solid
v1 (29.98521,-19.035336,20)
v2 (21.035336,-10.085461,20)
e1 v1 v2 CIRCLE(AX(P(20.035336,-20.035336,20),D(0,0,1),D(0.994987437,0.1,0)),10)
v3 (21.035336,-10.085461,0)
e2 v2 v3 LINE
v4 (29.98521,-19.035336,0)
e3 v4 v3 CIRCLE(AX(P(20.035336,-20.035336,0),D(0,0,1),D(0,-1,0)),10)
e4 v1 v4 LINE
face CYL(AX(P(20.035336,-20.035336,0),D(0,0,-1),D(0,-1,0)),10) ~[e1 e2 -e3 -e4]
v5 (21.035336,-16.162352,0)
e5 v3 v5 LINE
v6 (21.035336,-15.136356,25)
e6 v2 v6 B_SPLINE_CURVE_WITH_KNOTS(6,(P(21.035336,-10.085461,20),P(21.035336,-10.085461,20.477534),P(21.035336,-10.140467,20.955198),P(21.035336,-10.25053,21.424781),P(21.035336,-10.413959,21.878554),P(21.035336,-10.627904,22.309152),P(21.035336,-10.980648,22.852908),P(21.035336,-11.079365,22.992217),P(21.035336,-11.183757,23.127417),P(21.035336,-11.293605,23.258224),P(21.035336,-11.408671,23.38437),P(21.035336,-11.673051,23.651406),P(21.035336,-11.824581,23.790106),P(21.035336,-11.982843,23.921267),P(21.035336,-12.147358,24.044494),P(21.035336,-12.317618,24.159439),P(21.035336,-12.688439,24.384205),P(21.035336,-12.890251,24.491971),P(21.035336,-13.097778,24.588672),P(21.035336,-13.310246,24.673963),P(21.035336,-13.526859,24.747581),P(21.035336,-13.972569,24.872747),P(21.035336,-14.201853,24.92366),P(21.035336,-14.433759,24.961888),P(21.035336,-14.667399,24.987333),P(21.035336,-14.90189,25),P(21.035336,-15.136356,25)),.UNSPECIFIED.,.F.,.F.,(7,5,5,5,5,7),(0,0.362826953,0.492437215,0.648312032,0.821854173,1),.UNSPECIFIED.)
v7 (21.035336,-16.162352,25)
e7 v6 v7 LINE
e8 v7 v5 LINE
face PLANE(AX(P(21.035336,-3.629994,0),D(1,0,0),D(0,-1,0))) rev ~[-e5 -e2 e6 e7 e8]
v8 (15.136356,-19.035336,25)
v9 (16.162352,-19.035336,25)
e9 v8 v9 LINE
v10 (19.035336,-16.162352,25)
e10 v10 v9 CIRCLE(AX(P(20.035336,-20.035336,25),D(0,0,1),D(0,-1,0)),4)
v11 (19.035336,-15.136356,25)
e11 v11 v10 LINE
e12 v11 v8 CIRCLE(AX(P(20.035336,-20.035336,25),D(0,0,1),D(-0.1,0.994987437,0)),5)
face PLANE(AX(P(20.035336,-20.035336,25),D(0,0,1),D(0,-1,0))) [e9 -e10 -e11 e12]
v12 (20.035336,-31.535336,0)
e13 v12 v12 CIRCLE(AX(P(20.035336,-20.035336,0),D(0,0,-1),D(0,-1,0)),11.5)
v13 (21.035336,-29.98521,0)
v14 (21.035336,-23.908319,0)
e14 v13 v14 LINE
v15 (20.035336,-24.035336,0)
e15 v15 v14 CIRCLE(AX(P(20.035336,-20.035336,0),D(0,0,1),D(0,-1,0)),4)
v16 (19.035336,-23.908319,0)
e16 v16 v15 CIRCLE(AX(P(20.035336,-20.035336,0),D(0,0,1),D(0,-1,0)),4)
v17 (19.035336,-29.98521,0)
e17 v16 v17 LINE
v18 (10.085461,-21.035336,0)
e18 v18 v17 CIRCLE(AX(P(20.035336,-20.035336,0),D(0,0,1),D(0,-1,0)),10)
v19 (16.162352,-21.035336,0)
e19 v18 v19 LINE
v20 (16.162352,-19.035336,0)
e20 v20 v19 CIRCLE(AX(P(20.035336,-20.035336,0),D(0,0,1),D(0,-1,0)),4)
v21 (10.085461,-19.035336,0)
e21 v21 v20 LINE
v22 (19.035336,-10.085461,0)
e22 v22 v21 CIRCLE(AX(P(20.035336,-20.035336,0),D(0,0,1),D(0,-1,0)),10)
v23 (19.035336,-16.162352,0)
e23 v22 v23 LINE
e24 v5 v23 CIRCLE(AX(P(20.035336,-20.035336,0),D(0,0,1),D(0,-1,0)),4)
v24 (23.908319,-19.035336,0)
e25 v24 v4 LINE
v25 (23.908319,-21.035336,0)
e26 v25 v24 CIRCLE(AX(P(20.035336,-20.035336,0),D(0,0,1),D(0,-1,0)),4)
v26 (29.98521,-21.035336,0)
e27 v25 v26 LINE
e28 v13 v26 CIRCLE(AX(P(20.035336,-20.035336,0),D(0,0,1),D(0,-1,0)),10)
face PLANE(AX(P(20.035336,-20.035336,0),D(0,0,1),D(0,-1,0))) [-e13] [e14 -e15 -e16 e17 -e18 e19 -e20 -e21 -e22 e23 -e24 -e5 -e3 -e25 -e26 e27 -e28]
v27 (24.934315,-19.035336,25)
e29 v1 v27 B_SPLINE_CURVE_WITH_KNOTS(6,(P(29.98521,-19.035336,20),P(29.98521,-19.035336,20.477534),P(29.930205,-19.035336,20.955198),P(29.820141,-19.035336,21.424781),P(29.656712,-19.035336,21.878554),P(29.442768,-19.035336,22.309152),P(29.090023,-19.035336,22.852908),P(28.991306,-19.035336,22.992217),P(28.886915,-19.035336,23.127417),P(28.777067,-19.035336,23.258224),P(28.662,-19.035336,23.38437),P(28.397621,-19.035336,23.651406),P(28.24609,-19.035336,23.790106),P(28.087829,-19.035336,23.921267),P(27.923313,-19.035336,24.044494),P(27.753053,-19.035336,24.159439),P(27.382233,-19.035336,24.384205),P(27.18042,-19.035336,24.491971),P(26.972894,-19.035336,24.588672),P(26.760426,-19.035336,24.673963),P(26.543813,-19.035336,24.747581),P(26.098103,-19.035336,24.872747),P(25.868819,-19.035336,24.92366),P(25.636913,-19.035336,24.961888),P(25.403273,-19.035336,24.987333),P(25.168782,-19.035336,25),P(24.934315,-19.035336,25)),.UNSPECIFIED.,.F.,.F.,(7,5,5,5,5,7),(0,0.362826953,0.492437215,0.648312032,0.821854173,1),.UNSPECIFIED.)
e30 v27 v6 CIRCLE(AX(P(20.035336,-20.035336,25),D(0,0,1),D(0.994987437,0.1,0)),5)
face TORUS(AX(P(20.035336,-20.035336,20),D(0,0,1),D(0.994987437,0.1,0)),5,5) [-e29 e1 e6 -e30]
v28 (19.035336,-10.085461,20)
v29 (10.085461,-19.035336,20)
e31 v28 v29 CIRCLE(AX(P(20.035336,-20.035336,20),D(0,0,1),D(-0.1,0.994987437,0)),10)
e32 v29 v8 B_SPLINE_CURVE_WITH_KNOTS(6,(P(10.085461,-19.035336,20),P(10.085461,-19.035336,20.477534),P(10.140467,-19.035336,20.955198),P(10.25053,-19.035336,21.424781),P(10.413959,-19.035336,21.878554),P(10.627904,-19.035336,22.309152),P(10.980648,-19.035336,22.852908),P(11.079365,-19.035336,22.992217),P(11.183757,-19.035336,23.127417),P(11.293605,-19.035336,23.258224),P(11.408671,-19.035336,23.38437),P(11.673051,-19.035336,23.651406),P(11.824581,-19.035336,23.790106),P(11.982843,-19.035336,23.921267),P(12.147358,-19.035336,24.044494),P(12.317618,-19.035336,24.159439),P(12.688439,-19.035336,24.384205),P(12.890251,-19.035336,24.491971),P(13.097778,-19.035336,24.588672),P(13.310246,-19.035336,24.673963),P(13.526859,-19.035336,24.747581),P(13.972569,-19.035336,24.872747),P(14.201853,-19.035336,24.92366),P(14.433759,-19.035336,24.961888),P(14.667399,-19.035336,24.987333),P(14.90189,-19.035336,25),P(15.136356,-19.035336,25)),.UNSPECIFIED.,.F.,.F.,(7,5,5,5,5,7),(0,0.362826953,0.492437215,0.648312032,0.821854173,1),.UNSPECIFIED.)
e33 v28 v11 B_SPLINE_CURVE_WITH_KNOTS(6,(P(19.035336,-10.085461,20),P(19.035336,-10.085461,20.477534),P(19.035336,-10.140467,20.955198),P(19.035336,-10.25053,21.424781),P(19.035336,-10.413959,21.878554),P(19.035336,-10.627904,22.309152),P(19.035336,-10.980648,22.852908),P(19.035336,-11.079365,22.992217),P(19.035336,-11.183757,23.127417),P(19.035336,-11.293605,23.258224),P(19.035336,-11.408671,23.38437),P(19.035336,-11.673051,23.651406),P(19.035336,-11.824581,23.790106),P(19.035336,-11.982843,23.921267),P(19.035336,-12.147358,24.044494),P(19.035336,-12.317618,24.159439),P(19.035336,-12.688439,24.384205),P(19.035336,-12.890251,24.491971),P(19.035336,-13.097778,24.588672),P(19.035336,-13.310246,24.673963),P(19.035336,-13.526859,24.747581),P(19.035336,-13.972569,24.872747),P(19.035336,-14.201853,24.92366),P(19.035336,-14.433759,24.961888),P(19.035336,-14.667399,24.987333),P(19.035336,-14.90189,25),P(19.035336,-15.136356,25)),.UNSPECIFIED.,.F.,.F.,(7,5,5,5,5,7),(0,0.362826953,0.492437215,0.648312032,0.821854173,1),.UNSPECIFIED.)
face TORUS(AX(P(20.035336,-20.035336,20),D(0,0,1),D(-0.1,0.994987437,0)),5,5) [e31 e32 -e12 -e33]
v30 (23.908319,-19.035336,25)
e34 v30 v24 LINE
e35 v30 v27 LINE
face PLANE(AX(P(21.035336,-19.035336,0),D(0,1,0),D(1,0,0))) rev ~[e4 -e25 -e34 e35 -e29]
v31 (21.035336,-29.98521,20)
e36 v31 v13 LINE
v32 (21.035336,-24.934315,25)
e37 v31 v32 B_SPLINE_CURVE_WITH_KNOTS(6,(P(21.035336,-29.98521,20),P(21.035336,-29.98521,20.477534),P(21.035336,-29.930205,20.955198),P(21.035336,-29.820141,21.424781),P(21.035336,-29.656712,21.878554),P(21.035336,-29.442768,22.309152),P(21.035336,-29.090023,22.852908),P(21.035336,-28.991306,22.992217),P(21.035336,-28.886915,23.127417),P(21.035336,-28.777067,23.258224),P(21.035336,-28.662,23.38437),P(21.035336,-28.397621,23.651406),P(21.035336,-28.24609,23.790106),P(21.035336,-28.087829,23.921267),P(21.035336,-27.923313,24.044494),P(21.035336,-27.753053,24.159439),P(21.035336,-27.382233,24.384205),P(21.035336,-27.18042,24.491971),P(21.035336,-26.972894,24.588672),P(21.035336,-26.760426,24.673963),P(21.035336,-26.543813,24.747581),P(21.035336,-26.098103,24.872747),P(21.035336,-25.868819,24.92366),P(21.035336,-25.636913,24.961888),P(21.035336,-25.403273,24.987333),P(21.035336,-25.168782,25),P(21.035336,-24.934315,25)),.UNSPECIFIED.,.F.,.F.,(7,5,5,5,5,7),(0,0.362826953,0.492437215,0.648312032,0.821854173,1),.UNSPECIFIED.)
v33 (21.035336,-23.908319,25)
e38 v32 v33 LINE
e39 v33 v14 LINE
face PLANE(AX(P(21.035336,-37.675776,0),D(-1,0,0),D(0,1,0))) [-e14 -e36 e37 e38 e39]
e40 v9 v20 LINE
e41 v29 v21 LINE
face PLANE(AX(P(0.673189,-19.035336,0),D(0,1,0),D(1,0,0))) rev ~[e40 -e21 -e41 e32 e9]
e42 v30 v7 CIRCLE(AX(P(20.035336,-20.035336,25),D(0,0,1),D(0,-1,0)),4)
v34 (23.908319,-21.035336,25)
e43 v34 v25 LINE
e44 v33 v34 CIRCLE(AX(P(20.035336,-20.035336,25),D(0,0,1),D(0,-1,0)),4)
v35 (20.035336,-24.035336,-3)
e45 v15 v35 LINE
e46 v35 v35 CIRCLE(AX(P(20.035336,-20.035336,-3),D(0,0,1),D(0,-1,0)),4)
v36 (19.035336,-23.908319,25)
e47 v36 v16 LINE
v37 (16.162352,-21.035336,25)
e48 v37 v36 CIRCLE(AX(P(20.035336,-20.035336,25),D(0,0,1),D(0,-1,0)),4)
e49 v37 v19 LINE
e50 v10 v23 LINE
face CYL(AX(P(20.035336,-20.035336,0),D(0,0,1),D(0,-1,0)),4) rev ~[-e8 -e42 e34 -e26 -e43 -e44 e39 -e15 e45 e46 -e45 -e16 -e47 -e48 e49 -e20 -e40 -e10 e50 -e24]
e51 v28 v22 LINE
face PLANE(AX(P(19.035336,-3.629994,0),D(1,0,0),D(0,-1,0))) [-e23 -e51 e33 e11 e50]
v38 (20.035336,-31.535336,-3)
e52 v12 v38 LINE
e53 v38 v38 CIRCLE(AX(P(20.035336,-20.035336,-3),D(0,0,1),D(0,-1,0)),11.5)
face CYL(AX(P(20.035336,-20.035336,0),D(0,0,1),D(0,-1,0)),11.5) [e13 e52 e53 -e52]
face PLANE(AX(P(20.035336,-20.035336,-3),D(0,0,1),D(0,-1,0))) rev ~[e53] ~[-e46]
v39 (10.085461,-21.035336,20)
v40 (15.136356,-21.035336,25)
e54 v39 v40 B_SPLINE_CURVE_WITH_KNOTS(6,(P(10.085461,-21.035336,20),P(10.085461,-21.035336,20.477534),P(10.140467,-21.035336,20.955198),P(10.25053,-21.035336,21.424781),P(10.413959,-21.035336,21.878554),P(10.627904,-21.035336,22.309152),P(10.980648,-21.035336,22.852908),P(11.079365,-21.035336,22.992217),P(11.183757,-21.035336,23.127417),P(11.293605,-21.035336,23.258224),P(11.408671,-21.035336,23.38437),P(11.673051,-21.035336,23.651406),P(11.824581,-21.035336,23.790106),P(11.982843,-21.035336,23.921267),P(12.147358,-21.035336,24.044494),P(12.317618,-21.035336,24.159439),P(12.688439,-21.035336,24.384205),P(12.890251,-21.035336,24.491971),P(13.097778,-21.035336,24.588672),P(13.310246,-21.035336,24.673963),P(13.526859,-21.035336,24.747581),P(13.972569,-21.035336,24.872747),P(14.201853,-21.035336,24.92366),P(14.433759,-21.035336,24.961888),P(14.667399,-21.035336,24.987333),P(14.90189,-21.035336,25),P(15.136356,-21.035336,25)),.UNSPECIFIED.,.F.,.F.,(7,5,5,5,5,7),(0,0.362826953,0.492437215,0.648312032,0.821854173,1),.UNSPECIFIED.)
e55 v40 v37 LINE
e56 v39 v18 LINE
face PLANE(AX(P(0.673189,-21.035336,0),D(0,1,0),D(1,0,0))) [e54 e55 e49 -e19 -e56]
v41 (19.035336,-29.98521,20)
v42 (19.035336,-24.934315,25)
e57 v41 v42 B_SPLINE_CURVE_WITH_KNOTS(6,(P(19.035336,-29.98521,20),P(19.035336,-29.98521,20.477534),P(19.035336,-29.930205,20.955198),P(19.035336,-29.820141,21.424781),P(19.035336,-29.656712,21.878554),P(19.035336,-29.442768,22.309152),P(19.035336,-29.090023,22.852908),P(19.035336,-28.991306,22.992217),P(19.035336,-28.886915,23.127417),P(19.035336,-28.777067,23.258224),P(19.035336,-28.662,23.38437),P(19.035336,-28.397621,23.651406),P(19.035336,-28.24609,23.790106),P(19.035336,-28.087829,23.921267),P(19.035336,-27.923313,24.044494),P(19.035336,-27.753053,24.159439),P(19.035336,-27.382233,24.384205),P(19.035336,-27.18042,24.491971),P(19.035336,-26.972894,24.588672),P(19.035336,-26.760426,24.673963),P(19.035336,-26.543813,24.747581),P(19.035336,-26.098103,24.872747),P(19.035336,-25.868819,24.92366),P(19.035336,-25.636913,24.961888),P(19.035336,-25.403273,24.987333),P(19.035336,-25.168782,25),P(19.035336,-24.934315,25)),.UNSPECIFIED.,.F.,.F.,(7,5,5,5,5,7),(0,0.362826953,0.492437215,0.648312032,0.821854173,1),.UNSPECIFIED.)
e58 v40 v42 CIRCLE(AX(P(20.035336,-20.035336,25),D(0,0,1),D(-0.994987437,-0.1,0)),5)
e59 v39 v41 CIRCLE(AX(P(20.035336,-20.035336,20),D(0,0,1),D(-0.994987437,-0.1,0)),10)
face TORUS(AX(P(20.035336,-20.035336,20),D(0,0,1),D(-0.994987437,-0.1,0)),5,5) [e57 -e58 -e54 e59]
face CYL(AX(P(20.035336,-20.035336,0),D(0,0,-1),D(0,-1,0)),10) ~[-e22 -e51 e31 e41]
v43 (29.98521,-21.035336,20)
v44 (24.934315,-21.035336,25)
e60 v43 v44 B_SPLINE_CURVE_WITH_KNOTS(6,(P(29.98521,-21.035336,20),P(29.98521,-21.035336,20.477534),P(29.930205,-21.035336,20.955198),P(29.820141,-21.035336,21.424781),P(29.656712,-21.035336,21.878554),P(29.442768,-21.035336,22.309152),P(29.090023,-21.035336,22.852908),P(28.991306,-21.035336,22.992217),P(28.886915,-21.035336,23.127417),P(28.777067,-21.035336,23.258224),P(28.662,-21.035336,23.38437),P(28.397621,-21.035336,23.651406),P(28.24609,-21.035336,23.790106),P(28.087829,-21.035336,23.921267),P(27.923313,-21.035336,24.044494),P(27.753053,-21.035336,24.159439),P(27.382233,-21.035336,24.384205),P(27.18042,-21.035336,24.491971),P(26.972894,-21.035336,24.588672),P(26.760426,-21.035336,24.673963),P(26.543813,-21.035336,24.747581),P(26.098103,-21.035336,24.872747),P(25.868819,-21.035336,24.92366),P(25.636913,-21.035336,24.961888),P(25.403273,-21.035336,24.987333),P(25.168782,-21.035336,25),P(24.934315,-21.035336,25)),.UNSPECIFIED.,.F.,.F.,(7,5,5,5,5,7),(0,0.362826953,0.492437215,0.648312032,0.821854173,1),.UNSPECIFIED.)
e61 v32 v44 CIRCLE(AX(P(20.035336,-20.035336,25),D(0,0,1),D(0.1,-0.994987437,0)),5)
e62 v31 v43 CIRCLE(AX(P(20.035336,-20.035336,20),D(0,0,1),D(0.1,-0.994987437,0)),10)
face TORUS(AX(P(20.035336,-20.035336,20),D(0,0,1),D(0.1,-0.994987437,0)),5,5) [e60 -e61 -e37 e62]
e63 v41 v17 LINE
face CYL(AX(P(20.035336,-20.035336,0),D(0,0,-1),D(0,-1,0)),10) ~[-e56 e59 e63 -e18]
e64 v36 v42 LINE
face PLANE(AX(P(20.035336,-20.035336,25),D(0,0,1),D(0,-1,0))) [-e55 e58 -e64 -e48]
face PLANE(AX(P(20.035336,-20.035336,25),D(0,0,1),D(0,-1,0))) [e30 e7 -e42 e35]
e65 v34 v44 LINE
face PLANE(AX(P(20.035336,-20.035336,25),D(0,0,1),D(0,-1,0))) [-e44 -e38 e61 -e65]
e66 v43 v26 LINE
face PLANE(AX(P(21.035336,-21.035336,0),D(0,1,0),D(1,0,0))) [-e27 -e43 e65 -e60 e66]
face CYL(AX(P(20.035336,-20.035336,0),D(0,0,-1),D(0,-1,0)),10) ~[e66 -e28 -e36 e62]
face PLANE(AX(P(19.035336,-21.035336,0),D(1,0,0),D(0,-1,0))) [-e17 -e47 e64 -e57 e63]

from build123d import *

# Parameters (mm, degrees)
F0_R      = 10
F0_R_2    = 4
F1_DEPTH  = 25
F2_R      = 11.5
F2_R_2    = 4
F3_DEPTH  = 3
F4_W      = 15.4053421468
F4_H      = 2
F4_W_2    = 2
F4_H_2    = 14.8476130934
F4_H_3    = 18.3621469838
F5_DEPTH  = 25
F6_R      = 5
F7_W      = 54.985769093
F7_H      = 45.2365130186
F8_DEPTH  = 25
F11_COUNT = 4
F11_ANGLE = 270


with BuildPart() as f1:
    # F0 (on Top) → F1 (new body)
    with BuildSketch(Plane.XY):
        Circle(F0_R)
        Circle(F0_R_2, mode=Mode.SUBTRACT)
    extrude(amount=F1_DEPTH)

    # F2 (on Top) → F3 (join)
    with BuildSketch(Plane.XY):
        Circle(F2_R)
        Circle(F2_R_2, mode=Mode.SUBTRACT)
    extrude(amount=-F3_DEPTH)

    # F4 (on Top) → F5 (cut)
    with BuildSketch(Plane.XY):
        with Locations((-8.7026710734, 0)):
            Rectangle(F4_W, F4_H)
        with Locations((0, 8.4238065467)):
            Rectangle(F4_W_2, F4_H_2)
        Rectangle(F4_W_2, F4_H)
        Polygon((17.6404397935, 1), (1, 1), (1, -1), (18.0223640054, -1), align=None)
        with Locations((0, -10.1810734919)):
            Rectangle(F4_W_2, F4_H_3)
    extrude(amount=F5_DEPTH, mode=Mode.SUBTRACT)

    # F6
    f6_edges = [f1.edges().sort_by_distance(p)[0] for p in [
        (7.071068, -7.071068, 25),
        (7.071068, 7.071068, 25),
        (-7.071068, 7.071068, 25),
        (-7.071068, -7.071068, 25),
    ]]
    fillet(f6_edges, radius=F6_R)


with BuildPart() as f8:
    # F7 (on Top) → F8 (new body)
    with BuildSketch(Plane.XY):
        with Locations((-82.9663015902, -56.8597912788)):
            Rectangle(F7_W, F7_H)
    extrude(amount=F8_DEPTH)


with BuildPart() as f11_1:
    # F11: instance of F1
    add(f1.part.rotate(Axis((0, -20.0353357941, 8.0697890371), (0, 0, -1)), 1 * F11_ANGLE / (F11_COUNT - 1)))


with BuildPart() as f11_2:
    # F11: instance of F1
    add(f1.part.rotate(Axis((0, -20.0353357941, 8.0697890371), (0, 0, -1)), 2 * F11_ANGLE / (F11_COUNT - 1)))


with BuildPart() as f11_3:
    # F11: instance of F1
    add(f1.part.rotate(Axis((0, -20.0353357941, 8.0697890371), (0, 0, -1)), 3 * F11_ANGLE / (F11_COUNT - 1)))


solid = f11_1.part
